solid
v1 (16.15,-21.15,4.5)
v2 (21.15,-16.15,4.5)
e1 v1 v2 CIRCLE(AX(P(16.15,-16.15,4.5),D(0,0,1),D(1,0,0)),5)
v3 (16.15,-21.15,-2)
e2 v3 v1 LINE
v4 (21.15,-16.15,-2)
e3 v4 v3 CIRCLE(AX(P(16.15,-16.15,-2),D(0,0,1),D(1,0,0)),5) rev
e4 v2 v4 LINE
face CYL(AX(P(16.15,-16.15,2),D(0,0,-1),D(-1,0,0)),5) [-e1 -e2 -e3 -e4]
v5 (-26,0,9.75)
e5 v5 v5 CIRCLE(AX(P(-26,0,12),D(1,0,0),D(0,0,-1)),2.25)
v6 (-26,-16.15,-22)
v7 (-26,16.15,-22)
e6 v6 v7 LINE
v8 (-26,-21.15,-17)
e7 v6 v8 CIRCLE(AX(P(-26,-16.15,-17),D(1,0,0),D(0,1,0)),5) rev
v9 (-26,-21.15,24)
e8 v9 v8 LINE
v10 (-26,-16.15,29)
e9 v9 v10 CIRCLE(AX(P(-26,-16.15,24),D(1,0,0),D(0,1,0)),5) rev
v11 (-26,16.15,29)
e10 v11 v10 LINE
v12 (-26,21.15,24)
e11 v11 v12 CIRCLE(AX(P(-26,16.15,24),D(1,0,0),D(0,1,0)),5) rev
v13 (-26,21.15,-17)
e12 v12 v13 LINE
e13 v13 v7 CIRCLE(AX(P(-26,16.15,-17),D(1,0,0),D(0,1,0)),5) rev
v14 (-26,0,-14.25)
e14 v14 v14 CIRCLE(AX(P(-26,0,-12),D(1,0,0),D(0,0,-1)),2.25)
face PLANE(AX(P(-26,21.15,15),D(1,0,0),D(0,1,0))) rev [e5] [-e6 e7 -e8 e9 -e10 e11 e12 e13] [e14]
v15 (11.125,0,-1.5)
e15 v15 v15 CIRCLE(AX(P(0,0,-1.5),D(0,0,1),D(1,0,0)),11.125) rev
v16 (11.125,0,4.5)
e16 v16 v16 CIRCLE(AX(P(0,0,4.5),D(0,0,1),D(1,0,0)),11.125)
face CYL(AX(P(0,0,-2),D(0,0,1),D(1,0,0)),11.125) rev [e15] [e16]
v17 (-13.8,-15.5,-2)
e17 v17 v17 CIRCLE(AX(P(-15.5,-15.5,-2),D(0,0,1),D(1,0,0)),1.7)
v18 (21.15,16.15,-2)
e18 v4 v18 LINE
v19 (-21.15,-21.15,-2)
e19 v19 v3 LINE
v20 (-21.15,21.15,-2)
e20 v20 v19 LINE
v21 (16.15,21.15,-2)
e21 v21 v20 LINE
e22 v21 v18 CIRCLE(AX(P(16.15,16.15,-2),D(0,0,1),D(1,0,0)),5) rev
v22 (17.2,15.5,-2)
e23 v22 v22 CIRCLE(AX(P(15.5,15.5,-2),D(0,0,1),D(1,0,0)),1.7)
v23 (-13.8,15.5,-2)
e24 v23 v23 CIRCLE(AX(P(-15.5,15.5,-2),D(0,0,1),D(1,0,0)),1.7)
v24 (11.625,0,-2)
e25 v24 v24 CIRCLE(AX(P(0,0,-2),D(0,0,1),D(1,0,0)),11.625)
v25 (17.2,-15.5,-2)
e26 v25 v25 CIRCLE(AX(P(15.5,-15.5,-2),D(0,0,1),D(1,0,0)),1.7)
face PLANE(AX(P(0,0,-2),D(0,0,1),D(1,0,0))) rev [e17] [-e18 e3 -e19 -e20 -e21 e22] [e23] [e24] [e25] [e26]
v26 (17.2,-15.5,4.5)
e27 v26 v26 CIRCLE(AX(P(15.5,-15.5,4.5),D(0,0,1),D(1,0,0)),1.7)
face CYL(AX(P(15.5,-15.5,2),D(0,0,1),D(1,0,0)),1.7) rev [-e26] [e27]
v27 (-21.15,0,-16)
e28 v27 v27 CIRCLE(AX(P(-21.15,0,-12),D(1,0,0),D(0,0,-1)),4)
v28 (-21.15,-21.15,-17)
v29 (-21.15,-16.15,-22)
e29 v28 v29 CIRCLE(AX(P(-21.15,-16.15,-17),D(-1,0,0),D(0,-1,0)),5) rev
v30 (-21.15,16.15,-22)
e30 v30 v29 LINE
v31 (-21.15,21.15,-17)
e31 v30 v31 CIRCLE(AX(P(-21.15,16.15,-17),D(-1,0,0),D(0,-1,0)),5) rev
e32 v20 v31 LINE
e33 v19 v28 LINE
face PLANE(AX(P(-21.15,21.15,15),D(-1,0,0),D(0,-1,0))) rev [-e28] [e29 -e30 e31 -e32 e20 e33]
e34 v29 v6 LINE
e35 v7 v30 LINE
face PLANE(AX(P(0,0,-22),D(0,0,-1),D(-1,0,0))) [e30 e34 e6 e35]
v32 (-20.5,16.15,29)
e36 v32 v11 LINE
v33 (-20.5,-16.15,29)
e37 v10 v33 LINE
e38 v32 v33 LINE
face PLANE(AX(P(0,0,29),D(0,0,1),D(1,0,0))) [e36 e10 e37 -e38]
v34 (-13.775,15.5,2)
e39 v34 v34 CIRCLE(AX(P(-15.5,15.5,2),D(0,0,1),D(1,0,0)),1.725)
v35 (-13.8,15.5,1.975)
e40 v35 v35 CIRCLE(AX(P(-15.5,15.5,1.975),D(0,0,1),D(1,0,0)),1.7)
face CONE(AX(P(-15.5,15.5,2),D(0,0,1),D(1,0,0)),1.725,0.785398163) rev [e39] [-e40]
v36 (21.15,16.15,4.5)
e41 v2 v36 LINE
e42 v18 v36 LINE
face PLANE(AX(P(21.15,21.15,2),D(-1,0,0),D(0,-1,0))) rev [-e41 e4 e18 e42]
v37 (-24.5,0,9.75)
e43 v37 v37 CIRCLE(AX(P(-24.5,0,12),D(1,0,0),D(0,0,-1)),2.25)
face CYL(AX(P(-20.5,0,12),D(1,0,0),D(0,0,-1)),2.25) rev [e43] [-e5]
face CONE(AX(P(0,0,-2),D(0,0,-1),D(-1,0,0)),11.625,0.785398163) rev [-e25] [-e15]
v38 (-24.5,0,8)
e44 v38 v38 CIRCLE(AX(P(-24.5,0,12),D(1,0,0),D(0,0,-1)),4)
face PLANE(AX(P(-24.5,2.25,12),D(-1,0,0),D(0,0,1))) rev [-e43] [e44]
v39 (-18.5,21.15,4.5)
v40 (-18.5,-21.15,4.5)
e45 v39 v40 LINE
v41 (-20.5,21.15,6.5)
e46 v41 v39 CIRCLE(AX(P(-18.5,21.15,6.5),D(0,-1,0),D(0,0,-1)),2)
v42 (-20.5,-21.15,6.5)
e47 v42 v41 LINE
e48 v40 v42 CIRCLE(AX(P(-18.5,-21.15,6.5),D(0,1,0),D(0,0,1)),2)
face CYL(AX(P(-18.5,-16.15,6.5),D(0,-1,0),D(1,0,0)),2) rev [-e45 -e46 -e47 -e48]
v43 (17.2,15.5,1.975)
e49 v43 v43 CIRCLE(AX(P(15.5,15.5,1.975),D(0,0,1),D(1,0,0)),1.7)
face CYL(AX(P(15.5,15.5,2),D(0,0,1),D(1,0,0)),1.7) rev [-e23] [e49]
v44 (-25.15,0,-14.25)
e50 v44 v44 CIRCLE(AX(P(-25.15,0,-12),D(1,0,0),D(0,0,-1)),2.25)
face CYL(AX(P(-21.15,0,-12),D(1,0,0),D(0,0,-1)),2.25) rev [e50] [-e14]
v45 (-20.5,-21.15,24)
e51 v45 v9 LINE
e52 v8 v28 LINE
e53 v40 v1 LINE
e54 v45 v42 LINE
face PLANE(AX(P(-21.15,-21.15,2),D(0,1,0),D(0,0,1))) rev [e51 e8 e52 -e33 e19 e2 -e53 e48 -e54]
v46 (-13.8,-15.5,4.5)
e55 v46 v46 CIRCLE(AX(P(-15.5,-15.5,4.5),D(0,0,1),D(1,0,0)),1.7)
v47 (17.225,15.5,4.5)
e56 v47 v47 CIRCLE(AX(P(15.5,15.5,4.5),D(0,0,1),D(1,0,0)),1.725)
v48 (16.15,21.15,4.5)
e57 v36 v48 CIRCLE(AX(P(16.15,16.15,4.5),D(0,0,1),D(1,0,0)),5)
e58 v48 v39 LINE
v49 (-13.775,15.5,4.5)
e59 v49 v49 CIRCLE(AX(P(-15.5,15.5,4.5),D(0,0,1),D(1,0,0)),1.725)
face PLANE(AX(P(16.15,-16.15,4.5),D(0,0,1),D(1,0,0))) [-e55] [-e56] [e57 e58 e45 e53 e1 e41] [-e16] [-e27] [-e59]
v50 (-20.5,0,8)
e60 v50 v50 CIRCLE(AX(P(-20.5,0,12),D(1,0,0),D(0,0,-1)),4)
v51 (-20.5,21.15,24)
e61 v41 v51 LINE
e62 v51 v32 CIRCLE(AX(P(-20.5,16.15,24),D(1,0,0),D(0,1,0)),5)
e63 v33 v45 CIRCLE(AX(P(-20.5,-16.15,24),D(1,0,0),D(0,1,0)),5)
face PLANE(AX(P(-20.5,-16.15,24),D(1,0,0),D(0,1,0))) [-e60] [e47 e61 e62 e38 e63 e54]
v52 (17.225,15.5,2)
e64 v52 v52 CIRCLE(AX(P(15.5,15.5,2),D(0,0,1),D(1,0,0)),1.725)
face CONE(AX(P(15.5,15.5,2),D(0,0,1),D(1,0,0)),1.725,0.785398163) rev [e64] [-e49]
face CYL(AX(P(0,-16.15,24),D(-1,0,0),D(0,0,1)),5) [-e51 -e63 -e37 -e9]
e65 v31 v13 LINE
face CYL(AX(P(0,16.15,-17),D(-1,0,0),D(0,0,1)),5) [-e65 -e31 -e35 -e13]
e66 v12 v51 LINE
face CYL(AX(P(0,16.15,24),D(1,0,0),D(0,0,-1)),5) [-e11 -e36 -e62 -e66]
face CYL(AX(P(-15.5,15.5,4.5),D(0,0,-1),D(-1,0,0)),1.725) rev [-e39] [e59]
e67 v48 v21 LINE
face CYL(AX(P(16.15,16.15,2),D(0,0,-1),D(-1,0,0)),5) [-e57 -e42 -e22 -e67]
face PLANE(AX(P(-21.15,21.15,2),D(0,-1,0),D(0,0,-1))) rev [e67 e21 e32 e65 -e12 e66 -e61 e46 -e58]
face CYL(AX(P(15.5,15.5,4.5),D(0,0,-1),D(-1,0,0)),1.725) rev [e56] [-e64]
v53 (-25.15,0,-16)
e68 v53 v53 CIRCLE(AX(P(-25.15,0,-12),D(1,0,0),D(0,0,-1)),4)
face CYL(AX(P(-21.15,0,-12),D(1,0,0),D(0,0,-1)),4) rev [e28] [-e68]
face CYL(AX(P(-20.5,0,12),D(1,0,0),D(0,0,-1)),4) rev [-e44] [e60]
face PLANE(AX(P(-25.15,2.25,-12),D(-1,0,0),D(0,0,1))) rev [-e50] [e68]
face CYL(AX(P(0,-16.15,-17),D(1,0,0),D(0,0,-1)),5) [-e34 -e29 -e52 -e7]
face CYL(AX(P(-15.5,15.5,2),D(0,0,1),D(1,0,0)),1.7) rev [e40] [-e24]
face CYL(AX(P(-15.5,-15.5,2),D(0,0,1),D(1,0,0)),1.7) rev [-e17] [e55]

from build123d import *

# Parameters (mm, degrees)
SKETCH1_W                      = 42.3
SKETCH1_H                      = 42.3
BOSS_EXTRUDE1_DEPTH            = 2
M3_CLEARANCE_HOLE1_D           = 3.4
M3_CLEARANCE_HOLE1_CSINK_D     = 3.45
M3_CLEARANCE_HOLE1_CSINK_ANGLE = 90
SKETCH6_R                      = 11.125
CUT_EXTRUDE1_DEPTH             = 5
SKETCH9_W                      = 4.85
SKETCH9_H                      = 42.3
BOSS_EXTRUDE2_DEPTH            = 15
FILLET2_R                      = 5
SKETCH13_W                     = 4.85
SKETCH13_H                     = 42.3
BOSS_EXTRUDE4_DEPTH            = 7
SKETCH14_W                     = 4.85
SKETCH14_H                     = 42.3
BOSS_EXTRUDE5_DEPTH            = 14
CBORE_FOR_M4_SHCS1_D           = 4.5
CBORE_FOR_M4_SHCS1_CBORE_D     = 8
CBORE_FOR_M4_SHCS1_CBORE_DEPTH = 4
FILLET3_R                      = 5
SKETCH19_R                     = 11.125
SKETCH19_R_2                   = 1.725
SKETCH19_R_3                   = 1.7
BOSS_EXTRUDE6_DEPTH            = 2.5
BOSS_EXTRUDE6_DEPTH_BACK       = 4
BOSS_EXTRUDE7_DEPTH            = 0.65
CBORE_FOR_M4_SHCS3_D           = 4.5
CBORE_FOR_M4_SHCS3_CBORE_D     = 8
CBORE_FOR_M4_SHCS3_CBORE_DEPTH = 4
FILLET6_R                      = 2
CHAMFER1_SIZE                  = 0.5


with BuildPart() as part:
    # Sketch1 → Boss-Extrude1 (new body, symmetric)
    with BuildSketch(Plane.XY):
        Rectangle(SKETCH1_W, SKETCH1_H)
    extrude(amount=BOSS_EXTRUDE1_DEPTH, both=True)

    # M3 Clearance Hole1 (through all)
    with Locations(Plane.XY.offset(2)):
        with Locations((-15.5, 15.5), (15.5, 15.5), (15.5, -15.5), (-15.5, -15.5)):
            CounterSinkHole(M3_CLEARANCE_HOLE1_D / 2, M3_CLEARANCE_HOLE1_CSINK_D / 2, counter_sink_angle=M3_CLEARANCE_HOLE1_CSINK_ANGLE)

    # Sketch6 → Cut-Extrude1 (cut, through all)
    with BuildSketch(Plane.XY.offset(2)):
        Circle(SKETCH6_R)
    extrude(amount=-CUT_EXTRUDE1_DEPTH, mode=Mode.SUBTRACT)

    # Sketch9 → Boss-Extrude2 (add, symmetric)
    with BuildSketch(Plane.XY):
        with Locations((-23.575, 0)):
            Rectangle(SKETCH9_W, SKETCH9_H)
    extrude(amount=BOSS_EXTRUDE2_DEPTH, both=True)

    # Fillet2
    fillet2_edges = [part.edges().sort_by_distance(p)[0] for p in [
        (21.15, -21.15, 0),
        (21.15, 21.15, 0),
    ]]
    fillet(fillet2_edges, radius=FILLET2_R)

    # Sketch13 → Boss-Extrude4 (add)
    with BuildSketch(Plane(origin=(0, 0, -15), x_dir=(-1, 0, 0), z_dir=(0, 0, -1))):
        with Locations((23.575, 0)):
            Rectangle(SKETCH13_W, SKETCH13_H)
    extrude(amount=BOSS_EXTRUDE4_DEPTH)

    # Sketch14 → Boss-Extrude5 (add)
    with BuildSketch(Plane.XY.offset(15)):
        with Locations((-23.575, 0)):
            Rectangle(SKETCH14_W, SKETCH14_H)
    extrude(amount=BOSS_EXTRUDE5_DEPTH)

    # CBORE for M4 SHCS1 (through all)
    with Locations(Plane(origin=(-21.15, 0, 0), x_dir=(0, 0, -1), z_dir=(1, 0, 0))):
        with Locations((12, 0)):
            CounterBoreHole(CBORE_FOR_M4_SHCS1_D / 2, CBORE_FOR_M4_SHCS1_CBORE_D / 2, CBORE_FOR_M4_SHCS1_CBORE_DEPTH)

    # Fillet3
    fillet3_edges = [part.edges().sort_by_distance(p)[0] for p in [
        (-23.575, 21.15, -22),
        (-23.575, -21.15, -22),
        (-23.575, -21.15, 29),
        (-23.575, 21.15, 29),
    ]]
    fillet(fillet3_edges, radius=FILLET3_R)

    # Sketch19 → Boss-Extrude6 (add, two sides)
    with BuildSketch(Plane.XY.offset(2)) as boss_extrude6_sk:
        with BuildLine():
            Line((-21.15, -21.15), (16.15, -21.15))
            ThreePointArc((16.15, -21.15), (19.685533906, -19.685533906), (21.15, -16.15))
            Line((21.15, -16.15), (21.15, 16.15))
            ThreePointArc((21.15, 16.15), (19.685533906, 19.685533906), (16.15, 21.15))
            Line((16.15, 21.15), (-21.15, 21.15))
            Line((-21.15, 21.15), (-21.15, -21.15))
        make_face()
        Circle(SKETCH19_R, mode=Mode.SUBTRACT)
        with Locations((15.5, 15.5)):
            Circle(SKETCH19_R_2, mode=Mode.SUBTRACT)
        with Locations((-15.5, 15.5)):
            Circle(SKETCH19_R_2, mode=Mode.SUBTRACT)
        with Locations((-15.5, -15.5)):
            Circle(SKETCH19_R_3, mode=Mode.SUBTRACT)
        with Locations((15.5, -15.5)):
            Circle(SKETCH19_R_3, mode=Mode.SUBTRACT)
    extrude(amount=BOSS_EXTRUDE6_DEPTH)
    extrude(boss_extrude6_sk.sketch, amount=-BOSS_EXTRUDE6_DEPTH_BACK)

    # Sketch21 → Boss-Extrude7 (add)
    with BuildSketch(Plane(origin=(-21.15, 0, 0), x_dir=(0, 0, -1), z_dir=(1, 0, 0))):
        with BuildLine():
            Line((-24, -21.15), (-4.5, -21.15))
            Line((-4.5, -21.15), (-4.5, 21.15))
            Line((-4.5, 21.15), (-24, 21.15))
            ThreePointArc((-24, 21.15), (-27.535533906, 19.685533906), (-29, 16.15))
            Line((-29, 16.15), (-29, -16.15))
            ThreePointArc((-29, -16.15), (-27.535533906, -19.685533906), (-24, -21.15))
        make_face()
    extrude(amount=BOSS_EXTRUDE7_DEPTH)

    # CBORE for M4 SHCS3 (through all)
    with Locations(Plane(origin=(-20.5, 0, 0), x_dir=(0, 0, -1), z_dir=(1, 0, 0))):
        with Locations((-12, 0)):
            CounterBoreHole(CBORE_FOR_M4_SHCS3_D / 2, CBORE_FOR_M4_SHCS3_CBORE_D / 2, CBORE_FOR_M4_SHCS3_CBORE_DEPTH)

    # Fillet6
    fillet6_edges = [part.edges().sort_by_distance(p)[0] for p in [
        (-20.5, 0, 4.5),
    ]]
    fillet(fillet6_edges, radius=FILLET6_R)

    # Chamfer1
    chamfer1_edges = [part.edges().sort_by_distance(p)[0] for p in [
        (-11.125, 0, -2),
    ]]
    chamfer(chamfer1_edges, length=CHAMFER1_SIZE)


solid = part.part
